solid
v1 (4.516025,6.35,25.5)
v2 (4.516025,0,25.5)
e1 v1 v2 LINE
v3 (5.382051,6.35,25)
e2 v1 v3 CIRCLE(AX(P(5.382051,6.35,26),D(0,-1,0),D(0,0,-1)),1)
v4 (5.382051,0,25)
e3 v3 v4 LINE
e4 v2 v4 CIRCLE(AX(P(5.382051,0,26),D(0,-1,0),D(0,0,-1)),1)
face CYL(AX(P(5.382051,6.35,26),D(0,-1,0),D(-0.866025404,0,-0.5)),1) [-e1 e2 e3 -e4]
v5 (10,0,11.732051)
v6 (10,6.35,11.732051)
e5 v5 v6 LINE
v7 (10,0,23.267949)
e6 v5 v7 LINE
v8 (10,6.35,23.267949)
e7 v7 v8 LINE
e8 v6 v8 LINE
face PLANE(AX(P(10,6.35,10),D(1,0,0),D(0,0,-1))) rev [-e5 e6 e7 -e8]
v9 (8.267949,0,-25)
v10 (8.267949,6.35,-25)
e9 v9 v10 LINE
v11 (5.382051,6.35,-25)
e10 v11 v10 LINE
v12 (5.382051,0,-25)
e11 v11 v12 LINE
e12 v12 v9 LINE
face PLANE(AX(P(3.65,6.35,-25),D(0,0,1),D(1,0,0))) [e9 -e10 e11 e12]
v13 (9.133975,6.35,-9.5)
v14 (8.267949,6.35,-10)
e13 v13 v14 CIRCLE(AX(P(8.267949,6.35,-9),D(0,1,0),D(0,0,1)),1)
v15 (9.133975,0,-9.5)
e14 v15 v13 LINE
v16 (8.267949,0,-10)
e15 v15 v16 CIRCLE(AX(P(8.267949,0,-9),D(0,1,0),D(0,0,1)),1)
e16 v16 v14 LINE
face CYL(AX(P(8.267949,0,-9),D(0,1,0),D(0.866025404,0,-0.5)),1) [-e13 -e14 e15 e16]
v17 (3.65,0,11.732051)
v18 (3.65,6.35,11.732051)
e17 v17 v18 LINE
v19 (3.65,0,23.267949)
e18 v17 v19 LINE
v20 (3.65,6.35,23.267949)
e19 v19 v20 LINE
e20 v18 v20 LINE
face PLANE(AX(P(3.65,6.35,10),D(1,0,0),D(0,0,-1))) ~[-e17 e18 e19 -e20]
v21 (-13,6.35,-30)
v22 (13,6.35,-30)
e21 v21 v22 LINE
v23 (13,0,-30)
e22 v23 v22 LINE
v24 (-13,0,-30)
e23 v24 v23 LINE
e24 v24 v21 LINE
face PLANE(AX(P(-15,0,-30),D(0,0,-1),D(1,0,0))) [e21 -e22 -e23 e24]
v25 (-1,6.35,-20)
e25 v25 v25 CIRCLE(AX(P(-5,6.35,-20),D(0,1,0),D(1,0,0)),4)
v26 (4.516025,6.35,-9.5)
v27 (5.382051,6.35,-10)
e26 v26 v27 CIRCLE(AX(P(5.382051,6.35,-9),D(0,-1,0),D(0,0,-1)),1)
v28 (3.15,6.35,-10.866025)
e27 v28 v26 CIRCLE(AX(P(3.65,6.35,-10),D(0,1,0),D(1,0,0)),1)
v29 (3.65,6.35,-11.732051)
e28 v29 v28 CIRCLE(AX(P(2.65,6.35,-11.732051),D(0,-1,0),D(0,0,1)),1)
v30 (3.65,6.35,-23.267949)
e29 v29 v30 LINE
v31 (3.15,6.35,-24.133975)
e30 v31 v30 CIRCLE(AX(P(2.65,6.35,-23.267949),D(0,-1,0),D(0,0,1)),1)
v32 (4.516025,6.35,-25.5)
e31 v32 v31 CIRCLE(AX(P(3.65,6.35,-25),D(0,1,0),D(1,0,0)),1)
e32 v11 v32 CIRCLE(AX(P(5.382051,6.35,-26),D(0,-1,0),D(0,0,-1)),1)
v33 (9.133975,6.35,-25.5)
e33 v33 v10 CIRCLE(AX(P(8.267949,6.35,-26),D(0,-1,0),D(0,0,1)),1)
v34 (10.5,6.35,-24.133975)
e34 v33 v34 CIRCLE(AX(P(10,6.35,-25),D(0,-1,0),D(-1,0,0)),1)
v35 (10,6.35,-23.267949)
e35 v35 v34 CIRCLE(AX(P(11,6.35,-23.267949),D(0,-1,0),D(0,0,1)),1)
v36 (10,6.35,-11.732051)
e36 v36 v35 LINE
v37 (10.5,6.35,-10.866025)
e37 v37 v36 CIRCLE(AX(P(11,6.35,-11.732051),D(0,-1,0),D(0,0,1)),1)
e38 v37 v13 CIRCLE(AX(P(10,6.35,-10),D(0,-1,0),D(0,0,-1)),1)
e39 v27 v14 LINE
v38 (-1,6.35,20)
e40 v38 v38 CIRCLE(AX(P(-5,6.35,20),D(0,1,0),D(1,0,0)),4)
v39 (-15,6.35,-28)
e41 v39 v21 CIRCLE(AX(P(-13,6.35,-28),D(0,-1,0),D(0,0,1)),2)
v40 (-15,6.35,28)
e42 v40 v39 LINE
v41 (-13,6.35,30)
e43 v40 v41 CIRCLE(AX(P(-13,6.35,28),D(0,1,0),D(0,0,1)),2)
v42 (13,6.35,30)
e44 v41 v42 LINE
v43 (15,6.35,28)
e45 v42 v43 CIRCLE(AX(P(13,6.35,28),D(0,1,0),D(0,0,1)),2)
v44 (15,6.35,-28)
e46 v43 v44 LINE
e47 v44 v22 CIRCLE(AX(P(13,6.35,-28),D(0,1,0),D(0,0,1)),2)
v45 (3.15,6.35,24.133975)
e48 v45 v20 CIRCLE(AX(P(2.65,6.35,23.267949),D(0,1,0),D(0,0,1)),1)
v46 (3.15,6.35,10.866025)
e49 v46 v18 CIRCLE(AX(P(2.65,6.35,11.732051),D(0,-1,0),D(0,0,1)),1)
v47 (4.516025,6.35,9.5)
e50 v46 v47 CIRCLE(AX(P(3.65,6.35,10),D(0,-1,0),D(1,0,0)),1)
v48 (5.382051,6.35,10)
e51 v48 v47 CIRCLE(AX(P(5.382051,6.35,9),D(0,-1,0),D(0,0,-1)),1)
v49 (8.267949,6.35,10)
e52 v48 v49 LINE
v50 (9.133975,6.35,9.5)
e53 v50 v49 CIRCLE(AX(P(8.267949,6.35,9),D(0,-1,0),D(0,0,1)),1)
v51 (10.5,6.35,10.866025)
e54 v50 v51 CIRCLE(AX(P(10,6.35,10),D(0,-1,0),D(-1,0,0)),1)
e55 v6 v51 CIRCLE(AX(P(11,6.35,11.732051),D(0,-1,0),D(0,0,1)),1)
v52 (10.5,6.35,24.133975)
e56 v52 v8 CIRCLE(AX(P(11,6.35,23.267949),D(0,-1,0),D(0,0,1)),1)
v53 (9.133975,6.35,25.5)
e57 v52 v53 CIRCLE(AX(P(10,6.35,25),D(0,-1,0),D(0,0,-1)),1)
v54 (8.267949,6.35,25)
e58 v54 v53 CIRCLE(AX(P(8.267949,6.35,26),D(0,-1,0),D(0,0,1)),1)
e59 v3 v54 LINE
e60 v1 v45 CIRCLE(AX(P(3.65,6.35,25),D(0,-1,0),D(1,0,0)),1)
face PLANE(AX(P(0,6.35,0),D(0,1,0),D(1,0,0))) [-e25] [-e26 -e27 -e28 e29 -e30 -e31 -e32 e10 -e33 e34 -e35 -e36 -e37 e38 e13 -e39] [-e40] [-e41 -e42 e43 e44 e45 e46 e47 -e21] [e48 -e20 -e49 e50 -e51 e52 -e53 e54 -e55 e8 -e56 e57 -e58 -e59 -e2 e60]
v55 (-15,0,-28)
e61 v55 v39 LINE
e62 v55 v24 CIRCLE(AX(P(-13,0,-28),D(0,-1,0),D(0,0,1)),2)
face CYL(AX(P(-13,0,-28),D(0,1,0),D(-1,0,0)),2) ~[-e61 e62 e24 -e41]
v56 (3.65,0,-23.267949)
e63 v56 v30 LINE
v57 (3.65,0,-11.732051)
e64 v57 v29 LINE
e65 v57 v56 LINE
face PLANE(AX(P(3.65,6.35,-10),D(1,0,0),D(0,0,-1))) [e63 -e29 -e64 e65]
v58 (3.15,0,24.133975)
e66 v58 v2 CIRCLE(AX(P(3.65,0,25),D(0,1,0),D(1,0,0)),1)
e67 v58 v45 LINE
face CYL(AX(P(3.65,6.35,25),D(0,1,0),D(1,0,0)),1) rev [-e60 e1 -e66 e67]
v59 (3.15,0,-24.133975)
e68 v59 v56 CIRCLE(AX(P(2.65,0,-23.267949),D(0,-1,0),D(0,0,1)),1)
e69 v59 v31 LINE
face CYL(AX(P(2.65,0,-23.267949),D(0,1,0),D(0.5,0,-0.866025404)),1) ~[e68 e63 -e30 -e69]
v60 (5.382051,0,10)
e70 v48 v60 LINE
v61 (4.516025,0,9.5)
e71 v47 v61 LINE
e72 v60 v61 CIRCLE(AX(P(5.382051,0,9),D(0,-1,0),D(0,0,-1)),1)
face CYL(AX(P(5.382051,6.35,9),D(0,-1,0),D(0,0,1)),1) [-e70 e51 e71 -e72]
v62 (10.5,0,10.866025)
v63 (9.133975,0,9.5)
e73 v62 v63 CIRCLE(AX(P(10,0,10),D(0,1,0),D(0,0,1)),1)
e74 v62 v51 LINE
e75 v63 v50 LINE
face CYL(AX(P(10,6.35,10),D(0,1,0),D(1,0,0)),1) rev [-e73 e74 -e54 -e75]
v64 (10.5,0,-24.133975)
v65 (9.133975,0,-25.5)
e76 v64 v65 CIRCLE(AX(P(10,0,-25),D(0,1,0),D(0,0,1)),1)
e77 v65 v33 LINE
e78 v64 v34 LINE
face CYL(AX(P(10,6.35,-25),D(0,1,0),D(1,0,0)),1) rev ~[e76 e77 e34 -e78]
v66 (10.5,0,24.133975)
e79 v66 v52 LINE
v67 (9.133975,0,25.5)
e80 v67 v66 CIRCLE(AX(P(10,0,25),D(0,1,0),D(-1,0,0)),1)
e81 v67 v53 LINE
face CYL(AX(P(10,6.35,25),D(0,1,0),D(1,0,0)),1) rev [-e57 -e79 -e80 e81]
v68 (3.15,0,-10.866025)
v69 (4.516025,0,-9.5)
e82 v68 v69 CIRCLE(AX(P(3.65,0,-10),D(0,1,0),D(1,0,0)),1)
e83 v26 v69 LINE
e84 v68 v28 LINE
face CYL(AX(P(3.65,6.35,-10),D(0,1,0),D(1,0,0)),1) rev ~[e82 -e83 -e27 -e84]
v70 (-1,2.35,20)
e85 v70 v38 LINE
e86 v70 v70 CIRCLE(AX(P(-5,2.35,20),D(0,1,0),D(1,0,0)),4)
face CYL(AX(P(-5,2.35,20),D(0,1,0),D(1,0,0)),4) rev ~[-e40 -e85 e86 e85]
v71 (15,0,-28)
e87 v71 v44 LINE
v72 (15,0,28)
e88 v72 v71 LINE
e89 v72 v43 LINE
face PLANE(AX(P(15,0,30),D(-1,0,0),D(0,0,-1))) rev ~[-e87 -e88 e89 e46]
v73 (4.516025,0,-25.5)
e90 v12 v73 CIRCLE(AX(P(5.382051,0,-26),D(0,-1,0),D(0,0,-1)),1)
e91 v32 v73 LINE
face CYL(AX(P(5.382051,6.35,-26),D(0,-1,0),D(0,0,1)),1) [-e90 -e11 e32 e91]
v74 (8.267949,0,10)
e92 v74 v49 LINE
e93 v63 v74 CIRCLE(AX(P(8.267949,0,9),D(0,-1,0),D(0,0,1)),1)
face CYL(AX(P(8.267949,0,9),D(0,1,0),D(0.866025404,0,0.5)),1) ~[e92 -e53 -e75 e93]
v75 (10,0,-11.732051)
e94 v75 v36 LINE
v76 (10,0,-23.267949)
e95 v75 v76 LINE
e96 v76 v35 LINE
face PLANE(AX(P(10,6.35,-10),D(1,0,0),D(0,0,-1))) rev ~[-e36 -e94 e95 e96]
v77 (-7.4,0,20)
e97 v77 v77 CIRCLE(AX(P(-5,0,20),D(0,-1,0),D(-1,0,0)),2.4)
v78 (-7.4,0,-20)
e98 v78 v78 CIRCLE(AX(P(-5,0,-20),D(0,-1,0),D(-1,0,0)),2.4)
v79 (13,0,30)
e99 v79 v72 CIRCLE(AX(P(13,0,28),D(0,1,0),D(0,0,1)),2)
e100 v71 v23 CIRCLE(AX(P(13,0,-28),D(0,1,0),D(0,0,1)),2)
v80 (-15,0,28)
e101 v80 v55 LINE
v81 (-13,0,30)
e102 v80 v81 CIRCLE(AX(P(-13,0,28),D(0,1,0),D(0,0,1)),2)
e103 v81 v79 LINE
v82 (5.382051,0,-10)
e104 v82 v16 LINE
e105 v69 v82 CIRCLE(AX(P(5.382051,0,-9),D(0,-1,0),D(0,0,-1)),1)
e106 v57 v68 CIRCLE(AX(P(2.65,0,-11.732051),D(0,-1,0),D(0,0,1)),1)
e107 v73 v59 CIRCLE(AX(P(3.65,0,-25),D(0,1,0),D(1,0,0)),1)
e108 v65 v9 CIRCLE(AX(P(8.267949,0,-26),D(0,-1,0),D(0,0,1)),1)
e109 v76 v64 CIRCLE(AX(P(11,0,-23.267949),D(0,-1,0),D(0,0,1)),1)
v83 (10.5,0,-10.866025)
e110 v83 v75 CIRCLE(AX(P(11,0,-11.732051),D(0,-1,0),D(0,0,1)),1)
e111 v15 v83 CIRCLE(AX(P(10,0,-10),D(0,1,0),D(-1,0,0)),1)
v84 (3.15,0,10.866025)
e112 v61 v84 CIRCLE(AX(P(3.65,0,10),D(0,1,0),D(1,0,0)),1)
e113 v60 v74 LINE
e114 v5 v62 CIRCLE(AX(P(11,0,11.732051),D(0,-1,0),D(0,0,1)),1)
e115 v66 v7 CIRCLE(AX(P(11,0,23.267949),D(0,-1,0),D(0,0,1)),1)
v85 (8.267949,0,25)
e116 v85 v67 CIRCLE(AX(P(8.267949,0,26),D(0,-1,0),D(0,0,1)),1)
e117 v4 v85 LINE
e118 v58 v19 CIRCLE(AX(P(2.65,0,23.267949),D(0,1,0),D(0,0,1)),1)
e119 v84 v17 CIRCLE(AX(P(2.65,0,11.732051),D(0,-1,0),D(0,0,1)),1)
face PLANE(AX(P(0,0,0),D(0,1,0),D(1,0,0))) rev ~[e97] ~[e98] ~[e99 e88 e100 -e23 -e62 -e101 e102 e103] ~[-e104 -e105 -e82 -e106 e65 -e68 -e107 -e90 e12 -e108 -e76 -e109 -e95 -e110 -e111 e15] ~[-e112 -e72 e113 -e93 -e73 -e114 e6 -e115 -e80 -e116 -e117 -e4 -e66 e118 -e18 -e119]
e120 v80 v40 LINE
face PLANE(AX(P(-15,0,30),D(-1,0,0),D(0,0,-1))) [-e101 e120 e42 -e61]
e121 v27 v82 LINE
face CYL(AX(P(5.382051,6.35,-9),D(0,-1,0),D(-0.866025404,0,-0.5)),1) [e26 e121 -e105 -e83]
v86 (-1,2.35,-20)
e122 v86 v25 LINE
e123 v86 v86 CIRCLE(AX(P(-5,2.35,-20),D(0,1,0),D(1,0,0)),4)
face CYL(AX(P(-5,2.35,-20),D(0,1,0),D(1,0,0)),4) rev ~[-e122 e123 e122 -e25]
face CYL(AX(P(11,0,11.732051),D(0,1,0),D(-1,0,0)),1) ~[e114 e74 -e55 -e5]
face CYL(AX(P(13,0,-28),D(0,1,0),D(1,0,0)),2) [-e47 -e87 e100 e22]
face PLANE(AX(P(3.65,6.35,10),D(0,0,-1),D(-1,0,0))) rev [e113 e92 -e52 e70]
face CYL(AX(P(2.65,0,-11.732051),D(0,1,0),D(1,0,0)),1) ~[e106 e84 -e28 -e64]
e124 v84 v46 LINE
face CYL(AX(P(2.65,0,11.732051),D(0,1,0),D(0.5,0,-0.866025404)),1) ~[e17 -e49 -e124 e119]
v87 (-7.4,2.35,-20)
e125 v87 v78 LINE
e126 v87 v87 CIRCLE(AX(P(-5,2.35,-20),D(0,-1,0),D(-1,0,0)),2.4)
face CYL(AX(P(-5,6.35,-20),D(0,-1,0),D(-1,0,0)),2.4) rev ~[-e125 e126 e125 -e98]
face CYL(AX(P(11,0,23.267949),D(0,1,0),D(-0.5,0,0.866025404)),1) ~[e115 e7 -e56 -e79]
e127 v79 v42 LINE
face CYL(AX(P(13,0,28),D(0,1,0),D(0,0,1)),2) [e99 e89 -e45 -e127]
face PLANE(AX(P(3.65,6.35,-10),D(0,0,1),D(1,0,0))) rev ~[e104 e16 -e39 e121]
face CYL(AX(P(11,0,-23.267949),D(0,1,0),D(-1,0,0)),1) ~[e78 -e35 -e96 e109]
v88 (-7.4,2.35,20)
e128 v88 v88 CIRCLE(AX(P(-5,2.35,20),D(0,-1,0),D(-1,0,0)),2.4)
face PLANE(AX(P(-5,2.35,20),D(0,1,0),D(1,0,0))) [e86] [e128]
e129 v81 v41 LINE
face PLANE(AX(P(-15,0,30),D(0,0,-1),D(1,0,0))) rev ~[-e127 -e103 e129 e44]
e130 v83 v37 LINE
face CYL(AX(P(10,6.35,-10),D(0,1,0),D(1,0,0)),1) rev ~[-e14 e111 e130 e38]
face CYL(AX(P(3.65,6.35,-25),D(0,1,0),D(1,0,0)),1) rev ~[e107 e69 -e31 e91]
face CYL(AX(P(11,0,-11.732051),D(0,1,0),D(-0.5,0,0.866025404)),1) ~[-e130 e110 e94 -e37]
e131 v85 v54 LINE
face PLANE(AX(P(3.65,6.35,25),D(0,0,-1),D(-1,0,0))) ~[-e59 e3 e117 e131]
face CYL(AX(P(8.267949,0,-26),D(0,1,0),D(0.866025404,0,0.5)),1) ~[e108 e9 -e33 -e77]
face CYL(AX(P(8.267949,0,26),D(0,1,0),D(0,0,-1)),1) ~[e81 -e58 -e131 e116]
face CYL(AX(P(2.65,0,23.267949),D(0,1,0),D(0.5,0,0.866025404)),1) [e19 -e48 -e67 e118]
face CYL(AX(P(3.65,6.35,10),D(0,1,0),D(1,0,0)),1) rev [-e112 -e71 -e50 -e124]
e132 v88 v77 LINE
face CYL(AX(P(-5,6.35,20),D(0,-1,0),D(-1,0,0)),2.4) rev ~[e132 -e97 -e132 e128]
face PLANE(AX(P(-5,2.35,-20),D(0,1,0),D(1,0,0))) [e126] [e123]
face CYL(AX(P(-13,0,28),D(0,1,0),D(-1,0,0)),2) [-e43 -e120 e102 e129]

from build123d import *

# Parameters (mm, degrees)
SKETCH1_W                      = 30
SKETCH1_H                      = 60
BOSS_EXTRUDE1_DEPTH            = 6.35
CBORE_FOR_M4_SHCS1_D           = 4.8
CBORE_FOR_M4_SHCS1_DEPTH       = 6.35
CBORE_FOR_M4_SHCS1_CBORE_D     = 8
CBORE_FOR_M4_SHCS1_CBORE_DEPTH = 4
SKETCH4_W                      = 6.35
SKETCH4_H                      = 15
CUT_EXTRUDE1_DEPTH             = 7.35
SKETCH5_R                      = 1
CUT_EXTRUDE2_DEPTH             = 7.35
FILLET1_R                      = 1
FILLET2_R                      = 2


with BuildPart() as part:
    # Sketch1 → Boss-Extrude1 (new body)
    with BuildSketch(Plane(origin=(0, 0, 0), x_dir=(1, 0, 0), z_dir=(0, 1, 0))):
        Rectangle(SKETCH1_W, SKETCH1_H)
    extrude(amount=BOSS_EXTRUDE1_DEPTH)

    # CBORE for M4 SHCS1
    with Locations(Plane(origin=(0, 6.35, 0), x_dir=(1, 0, 0), z_dir=(0, 1, 0))):
        with Locations((-5, 20), (-5, -20)):
            CounterBoreHole(CBORE_FOR_M4_SHCS1_D / 2, CBORE_FOR_M4_SHCS1_CBORE_D / 2, CBORE_FOR_M4_SHCS1_CBORE_DEPTH, depth=CBORE_FOR_M4_SHCS1_DEPTH)

    # Sketch4 → Cut-Extrude1 (cut, through all)
    with BuildSketch(Plane(origin=(0, 6.35, 0), x_dir=(1, 0, 0), z_dir=(0, 1, 0))):
        with Locations((6.825, 17.5)):
            Rectangle(SKETCH4_W, SKETCH4_H)
    cut_extrude1 = extrude(amount=-CUT_EXTRUDE1_DEPTH, mode=Mode.SUBTRACT)

    # Sketch5 → Cut-Extrude2 (cut, through all)
    with BuildSketch(Plane(origin=(0, 6.35, 0), x_dir=(1, 0, 0), z_dir=(0, 1, 0))):
        with Locations((3.65, 25)):
            Circle(SKETCH5_R)
        with Locations((10, 25)):
            Circle(SKETCH5_R)
        with Locations((10, 10)):
            Circle(SKETCH5_R)
        with Locations((3.65, 10)):
            Circle(SKETCH5_R)
    cut_extrude2 = extrude(amount=-CUT_EXTRUDE2_DEPTH, mode=Mode.SUBTRACT)

    # Mirror1: Cut-Extrude1, Cut-Extrude2 across plane
    add(cut_extrude1.mirror(Plane.XY), mode=Mode.SUBTRACT)
    add(cut_extrude2.mirror(Plane.XY), mode=Mode.SUBTRACT)

    # Fillet1
    fillet1_edges = [part.edges().sort_by_distance(p)[0] for p in [
        (9, 3.175, 25),
        (10, 3.175, 11),
        (4.65, 3.175, 10),
        (3.65, 3.175, 11),
        (9, 3.175, 10),
        (10, 3.175, 24),
        (3.65, 3.175, 24),
        (9, 3.175, -10),
        (4.65, 3.175, -10),
        (10, 3.175, -24),
        (4.65, 3.175, -25),
        (3.65, 3.175, -11),
        (10, 3.175, -11),
        (9, 3.175, -25),
        (3.65, 3.175, -24),
        (4.65, 3.175, 25),
    ]]
    fillet(fillet1_edges, radius=FILLET1_R)

    # Fillet2
    fillet2_edges = [part.edges().sort_by_distance(p)[0] for p in [
        (-15, 3.175, -30),
        (15, 3.175, -30),
        (15, 3.175, 30),
        (-15, 3.175, 30),
    ]]
    fillet(fillet2_edges, radius=FILLET2_R)


solid = part.part
